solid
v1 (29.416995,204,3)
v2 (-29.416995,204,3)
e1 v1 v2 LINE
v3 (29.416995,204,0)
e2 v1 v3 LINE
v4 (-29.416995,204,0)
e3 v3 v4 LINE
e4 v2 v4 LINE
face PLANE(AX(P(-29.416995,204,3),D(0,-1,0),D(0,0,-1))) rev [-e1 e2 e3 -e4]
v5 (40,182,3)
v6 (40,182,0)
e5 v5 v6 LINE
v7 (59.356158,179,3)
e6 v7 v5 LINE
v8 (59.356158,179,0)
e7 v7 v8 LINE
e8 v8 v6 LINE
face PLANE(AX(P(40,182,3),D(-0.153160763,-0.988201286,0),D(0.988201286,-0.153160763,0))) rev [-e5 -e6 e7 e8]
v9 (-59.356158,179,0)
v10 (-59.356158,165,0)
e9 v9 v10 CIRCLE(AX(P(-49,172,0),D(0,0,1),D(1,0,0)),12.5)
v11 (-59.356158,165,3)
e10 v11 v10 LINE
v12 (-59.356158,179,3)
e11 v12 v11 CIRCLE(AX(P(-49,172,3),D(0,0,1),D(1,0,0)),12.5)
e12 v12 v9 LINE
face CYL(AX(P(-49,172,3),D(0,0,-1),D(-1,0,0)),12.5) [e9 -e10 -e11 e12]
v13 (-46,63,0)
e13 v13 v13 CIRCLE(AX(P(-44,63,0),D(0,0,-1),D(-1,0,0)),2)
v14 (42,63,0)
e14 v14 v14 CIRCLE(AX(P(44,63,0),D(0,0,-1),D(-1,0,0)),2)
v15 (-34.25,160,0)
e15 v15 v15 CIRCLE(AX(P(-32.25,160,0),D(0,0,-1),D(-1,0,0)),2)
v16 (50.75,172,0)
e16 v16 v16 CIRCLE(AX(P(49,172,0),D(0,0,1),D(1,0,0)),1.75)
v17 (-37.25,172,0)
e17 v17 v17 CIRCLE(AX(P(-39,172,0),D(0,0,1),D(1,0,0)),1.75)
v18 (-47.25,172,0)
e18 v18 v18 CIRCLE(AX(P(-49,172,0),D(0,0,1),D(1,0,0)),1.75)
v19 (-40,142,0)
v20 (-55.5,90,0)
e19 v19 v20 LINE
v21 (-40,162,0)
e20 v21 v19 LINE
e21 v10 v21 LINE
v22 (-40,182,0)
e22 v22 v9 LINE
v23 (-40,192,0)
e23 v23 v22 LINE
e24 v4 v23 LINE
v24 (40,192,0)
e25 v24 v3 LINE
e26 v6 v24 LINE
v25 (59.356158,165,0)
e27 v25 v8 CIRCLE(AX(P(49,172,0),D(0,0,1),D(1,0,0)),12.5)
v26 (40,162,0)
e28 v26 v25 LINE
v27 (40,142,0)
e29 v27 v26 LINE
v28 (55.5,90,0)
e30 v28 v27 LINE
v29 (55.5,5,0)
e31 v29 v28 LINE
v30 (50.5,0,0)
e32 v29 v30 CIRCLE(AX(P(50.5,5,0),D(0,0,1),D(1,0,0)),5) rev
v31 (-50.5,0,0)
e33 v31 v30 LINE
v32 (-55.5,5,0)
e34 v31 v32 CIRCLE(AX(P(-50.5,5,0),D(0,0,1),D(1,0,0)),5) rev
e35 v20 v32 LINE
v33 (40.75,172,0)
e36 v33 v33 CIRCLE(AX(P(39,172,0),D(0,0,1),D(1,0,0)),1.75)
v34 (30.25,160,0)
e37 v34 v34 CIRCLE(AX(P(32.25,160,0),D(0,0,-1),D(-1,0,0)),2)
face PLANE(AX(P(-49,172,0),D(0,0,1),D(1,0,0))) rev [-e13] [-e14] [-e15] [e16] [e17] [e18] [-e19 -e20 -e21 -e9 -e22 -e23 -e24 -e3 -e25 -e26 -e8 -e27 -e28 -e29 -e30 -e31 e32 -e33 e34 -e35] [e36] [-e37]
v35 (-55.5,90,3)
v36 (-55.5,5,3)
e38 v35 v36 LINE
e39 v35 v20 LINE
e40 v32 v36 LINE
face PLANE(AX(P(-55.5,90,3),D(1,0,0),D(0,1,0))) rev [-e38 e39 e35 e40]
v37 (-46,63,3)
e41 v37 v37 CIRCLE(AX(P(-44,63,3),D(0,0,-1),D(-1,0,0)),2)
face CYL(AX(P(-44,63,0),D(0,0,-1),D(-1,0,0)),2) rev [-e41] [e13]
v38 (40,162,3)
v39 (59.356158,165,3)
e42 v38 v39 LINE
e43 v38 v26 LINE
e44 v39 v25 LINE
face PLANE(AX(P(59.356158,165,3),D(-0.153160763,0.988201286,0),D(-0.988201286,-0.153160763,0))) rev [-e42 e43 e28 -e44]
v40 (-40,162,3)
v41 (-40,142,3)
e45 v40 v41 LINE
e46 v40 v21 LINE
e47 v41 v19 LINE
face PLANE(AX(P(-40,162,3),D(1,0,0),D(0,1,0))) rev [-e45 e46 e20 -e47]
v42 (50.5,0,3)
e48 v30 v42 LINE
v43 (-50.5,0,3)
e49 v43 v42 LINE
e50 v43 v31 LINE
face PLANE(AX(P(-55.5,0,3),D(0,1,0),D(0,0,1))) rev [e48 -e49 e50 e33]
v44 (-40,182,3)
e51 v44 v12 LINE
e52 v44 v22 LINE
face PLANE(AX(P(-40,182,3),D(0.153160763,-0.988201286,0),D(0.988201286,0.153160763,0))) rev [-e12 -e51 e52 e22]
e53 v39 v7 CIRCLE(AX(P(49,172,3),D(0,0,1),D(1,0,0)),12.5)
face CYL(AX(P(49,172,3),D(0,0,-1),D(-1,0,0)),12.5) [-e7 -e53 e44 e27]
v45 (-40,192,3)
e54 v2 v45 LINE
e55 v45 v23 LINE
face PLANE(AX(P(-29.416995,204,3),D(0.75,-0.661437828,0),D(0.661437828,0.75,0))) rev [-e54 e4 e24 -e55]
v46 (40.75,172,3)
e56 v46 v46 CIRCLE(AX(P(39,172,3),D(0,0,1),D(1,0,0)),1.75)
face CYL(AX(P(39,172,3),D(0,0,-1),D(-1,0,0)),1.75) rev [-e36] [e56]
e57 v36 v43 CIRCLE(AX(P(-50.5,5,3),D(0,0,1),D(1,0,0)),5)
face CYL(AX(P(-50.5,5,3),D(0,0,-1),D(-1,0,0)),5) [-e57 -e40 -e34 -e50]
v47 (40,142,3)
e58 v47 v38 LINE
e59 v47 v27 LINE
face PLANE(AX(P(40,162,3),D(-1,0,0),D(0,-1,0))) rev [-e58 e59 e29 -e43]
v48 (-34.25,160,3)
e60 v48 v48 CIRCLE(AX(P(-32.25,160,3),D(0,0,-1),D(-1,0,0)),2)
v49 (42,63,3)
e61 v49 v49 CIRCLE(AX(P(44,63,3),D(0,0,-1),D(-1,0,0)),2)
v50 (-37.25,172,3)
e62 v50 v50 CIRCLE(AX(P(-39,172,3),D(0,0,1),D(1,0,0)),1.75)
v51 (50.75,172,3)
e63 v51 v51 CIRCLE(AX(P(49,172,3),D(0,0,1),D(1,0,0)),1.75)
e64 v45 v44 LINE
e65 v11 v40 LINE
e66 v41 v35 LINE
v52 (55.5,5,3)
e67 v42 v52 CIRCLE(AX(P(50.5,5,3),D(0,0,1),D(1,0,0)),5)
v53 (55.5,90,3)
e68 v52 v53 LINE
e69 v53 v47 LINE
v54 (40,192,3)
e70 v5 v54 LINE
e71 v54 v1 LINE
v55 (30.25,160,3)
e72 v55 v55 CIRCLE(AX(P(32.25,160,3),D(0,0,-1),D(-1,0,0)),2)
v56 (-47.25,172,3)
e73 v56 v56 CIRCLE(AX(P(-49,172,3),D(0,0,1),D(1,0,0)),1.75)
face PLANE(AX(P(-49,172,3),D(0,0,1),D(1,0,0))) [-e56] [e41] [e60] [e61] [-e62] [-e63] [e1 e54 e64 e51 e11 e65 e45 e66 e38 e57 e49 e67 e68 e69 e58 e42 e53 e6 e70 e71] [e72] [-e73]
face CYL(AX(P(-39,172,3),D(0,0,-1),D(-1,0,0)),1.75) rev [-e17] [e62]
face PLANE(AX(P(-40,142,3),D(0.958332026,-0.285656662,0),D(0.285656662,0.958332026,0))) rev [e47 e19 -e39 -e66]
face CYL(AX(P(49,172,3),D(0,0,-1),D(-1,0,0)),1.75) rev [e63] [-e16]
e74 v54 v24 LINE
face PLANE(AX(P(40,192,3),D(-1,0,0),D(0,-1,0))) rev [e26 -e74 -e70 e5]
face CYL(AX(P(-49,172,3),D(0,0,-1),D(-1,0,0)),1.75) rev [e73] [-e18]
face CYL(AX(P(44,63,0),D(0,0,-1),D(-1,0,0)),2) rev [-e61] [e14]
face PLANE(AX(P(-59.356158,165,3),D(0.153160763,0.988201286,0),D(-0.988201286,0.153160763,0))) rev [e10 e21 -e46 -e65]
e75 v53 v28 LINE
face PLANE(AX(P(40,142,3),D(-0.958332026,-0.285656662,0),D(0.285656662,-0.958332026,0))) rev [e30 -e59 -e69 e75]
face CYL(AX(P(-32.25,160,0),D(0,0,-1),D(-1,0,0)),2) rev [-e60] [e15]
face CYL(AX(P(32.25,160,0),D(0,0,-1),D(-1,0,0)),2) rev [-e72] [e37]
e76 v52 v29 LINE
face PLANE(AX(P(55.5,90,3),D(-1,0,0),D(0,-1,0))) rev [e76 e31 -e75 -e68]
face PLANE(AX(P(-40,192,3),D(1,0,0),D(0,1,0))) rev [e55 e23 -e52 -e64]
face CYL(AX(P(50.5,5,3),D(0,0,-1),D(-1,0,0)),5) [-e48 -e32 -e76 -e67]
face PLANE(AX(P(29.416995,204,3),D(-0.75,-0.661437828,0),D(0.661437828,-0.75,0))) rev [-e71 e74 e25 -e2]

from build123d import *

# Parameters (mm, degrees)
SKETCH_1_R      = 1.75
EXTRUDE_1_DEPTH = 3
FILLET_1_R      = 5
MM_1_D          = 4


with BuildPart() as part:
    # 草图1 → 凸台-拉伸1 (new body)
    with BuildSketch(Plane.XY):
        with BuildLine():
            Line((-29.416994756, 204), (29.416994756, 204))
            Line((29.416994756, 204), (40, 192))
            Line((40, 192), (40, 182))
            Line((40, 182), (59.356157589, 179))
            ThreePointArc((59.356157589, 179), (61.5, 172), (59.356157589, 165))
            Line((59.356157589, 165), (40, 162))
            Line((40, 162), (40, 142))
            Line((40, 142), (55.5, 90))
            Line((55.5, 90), (55.5, 0))
            Line((55.5, 0), (-55.5, 0))
            Line((-55.5, 0), (-55.5, 90))
            Line((-55.5, 90), (-40, 142))
            Line((-40, 142), (-40, 162))
            Line((-40, 162), (-59.356157589, 165))
            ThreePointArc((-59.356157589, 165), (-61.5, 172), (-59.356157589, 179))
            Line((-59.356157589, 179), (-40, 182))
            Line((-40, 182), (-40, 192))
            Line((-40, 192), (-29.416994756, 204))
        make_face()
        with Locations((-49, 172)):
            Circle(SKETCH_1_R, mode=Mode.SUBTRACT)
        with Locations((49, 172)):
            Circle(SKETCH_1_R, mode=Mode.SUBTRACT)
        with Locations((39, 172)):
            Circle(SKETCH_1_R, mode=Mode.SUBTRACT)
        with Locations((-39, 172)):
            Circle(SKETCH_1_R, mode=Mode.SUBTRACT)
    extrude(amount=EXTRUDE_1_DEPTH)

    # 圆角1
    fillet_1_edges = [part.edges().sort_by_distance(p)[0] for p in [
        (55.5, 0, 1.5),
        (-55.5, 0, 1.5),
    ]]
    fillet(fillet_1_edges, radius=FILLET_1_R)

    # 大小mm 暗销孔1 (through all)
    with Locations(Plane(origin=(0, 0, 0), x_dir=(-1, 0, 0), z_dir=(0, 0, -1))):
        with Locations((-32.25, 160), (32.25, 160), (44, 63), (-44, 63)):
            Hole(MM_1_D / 2)


solid = part.part
